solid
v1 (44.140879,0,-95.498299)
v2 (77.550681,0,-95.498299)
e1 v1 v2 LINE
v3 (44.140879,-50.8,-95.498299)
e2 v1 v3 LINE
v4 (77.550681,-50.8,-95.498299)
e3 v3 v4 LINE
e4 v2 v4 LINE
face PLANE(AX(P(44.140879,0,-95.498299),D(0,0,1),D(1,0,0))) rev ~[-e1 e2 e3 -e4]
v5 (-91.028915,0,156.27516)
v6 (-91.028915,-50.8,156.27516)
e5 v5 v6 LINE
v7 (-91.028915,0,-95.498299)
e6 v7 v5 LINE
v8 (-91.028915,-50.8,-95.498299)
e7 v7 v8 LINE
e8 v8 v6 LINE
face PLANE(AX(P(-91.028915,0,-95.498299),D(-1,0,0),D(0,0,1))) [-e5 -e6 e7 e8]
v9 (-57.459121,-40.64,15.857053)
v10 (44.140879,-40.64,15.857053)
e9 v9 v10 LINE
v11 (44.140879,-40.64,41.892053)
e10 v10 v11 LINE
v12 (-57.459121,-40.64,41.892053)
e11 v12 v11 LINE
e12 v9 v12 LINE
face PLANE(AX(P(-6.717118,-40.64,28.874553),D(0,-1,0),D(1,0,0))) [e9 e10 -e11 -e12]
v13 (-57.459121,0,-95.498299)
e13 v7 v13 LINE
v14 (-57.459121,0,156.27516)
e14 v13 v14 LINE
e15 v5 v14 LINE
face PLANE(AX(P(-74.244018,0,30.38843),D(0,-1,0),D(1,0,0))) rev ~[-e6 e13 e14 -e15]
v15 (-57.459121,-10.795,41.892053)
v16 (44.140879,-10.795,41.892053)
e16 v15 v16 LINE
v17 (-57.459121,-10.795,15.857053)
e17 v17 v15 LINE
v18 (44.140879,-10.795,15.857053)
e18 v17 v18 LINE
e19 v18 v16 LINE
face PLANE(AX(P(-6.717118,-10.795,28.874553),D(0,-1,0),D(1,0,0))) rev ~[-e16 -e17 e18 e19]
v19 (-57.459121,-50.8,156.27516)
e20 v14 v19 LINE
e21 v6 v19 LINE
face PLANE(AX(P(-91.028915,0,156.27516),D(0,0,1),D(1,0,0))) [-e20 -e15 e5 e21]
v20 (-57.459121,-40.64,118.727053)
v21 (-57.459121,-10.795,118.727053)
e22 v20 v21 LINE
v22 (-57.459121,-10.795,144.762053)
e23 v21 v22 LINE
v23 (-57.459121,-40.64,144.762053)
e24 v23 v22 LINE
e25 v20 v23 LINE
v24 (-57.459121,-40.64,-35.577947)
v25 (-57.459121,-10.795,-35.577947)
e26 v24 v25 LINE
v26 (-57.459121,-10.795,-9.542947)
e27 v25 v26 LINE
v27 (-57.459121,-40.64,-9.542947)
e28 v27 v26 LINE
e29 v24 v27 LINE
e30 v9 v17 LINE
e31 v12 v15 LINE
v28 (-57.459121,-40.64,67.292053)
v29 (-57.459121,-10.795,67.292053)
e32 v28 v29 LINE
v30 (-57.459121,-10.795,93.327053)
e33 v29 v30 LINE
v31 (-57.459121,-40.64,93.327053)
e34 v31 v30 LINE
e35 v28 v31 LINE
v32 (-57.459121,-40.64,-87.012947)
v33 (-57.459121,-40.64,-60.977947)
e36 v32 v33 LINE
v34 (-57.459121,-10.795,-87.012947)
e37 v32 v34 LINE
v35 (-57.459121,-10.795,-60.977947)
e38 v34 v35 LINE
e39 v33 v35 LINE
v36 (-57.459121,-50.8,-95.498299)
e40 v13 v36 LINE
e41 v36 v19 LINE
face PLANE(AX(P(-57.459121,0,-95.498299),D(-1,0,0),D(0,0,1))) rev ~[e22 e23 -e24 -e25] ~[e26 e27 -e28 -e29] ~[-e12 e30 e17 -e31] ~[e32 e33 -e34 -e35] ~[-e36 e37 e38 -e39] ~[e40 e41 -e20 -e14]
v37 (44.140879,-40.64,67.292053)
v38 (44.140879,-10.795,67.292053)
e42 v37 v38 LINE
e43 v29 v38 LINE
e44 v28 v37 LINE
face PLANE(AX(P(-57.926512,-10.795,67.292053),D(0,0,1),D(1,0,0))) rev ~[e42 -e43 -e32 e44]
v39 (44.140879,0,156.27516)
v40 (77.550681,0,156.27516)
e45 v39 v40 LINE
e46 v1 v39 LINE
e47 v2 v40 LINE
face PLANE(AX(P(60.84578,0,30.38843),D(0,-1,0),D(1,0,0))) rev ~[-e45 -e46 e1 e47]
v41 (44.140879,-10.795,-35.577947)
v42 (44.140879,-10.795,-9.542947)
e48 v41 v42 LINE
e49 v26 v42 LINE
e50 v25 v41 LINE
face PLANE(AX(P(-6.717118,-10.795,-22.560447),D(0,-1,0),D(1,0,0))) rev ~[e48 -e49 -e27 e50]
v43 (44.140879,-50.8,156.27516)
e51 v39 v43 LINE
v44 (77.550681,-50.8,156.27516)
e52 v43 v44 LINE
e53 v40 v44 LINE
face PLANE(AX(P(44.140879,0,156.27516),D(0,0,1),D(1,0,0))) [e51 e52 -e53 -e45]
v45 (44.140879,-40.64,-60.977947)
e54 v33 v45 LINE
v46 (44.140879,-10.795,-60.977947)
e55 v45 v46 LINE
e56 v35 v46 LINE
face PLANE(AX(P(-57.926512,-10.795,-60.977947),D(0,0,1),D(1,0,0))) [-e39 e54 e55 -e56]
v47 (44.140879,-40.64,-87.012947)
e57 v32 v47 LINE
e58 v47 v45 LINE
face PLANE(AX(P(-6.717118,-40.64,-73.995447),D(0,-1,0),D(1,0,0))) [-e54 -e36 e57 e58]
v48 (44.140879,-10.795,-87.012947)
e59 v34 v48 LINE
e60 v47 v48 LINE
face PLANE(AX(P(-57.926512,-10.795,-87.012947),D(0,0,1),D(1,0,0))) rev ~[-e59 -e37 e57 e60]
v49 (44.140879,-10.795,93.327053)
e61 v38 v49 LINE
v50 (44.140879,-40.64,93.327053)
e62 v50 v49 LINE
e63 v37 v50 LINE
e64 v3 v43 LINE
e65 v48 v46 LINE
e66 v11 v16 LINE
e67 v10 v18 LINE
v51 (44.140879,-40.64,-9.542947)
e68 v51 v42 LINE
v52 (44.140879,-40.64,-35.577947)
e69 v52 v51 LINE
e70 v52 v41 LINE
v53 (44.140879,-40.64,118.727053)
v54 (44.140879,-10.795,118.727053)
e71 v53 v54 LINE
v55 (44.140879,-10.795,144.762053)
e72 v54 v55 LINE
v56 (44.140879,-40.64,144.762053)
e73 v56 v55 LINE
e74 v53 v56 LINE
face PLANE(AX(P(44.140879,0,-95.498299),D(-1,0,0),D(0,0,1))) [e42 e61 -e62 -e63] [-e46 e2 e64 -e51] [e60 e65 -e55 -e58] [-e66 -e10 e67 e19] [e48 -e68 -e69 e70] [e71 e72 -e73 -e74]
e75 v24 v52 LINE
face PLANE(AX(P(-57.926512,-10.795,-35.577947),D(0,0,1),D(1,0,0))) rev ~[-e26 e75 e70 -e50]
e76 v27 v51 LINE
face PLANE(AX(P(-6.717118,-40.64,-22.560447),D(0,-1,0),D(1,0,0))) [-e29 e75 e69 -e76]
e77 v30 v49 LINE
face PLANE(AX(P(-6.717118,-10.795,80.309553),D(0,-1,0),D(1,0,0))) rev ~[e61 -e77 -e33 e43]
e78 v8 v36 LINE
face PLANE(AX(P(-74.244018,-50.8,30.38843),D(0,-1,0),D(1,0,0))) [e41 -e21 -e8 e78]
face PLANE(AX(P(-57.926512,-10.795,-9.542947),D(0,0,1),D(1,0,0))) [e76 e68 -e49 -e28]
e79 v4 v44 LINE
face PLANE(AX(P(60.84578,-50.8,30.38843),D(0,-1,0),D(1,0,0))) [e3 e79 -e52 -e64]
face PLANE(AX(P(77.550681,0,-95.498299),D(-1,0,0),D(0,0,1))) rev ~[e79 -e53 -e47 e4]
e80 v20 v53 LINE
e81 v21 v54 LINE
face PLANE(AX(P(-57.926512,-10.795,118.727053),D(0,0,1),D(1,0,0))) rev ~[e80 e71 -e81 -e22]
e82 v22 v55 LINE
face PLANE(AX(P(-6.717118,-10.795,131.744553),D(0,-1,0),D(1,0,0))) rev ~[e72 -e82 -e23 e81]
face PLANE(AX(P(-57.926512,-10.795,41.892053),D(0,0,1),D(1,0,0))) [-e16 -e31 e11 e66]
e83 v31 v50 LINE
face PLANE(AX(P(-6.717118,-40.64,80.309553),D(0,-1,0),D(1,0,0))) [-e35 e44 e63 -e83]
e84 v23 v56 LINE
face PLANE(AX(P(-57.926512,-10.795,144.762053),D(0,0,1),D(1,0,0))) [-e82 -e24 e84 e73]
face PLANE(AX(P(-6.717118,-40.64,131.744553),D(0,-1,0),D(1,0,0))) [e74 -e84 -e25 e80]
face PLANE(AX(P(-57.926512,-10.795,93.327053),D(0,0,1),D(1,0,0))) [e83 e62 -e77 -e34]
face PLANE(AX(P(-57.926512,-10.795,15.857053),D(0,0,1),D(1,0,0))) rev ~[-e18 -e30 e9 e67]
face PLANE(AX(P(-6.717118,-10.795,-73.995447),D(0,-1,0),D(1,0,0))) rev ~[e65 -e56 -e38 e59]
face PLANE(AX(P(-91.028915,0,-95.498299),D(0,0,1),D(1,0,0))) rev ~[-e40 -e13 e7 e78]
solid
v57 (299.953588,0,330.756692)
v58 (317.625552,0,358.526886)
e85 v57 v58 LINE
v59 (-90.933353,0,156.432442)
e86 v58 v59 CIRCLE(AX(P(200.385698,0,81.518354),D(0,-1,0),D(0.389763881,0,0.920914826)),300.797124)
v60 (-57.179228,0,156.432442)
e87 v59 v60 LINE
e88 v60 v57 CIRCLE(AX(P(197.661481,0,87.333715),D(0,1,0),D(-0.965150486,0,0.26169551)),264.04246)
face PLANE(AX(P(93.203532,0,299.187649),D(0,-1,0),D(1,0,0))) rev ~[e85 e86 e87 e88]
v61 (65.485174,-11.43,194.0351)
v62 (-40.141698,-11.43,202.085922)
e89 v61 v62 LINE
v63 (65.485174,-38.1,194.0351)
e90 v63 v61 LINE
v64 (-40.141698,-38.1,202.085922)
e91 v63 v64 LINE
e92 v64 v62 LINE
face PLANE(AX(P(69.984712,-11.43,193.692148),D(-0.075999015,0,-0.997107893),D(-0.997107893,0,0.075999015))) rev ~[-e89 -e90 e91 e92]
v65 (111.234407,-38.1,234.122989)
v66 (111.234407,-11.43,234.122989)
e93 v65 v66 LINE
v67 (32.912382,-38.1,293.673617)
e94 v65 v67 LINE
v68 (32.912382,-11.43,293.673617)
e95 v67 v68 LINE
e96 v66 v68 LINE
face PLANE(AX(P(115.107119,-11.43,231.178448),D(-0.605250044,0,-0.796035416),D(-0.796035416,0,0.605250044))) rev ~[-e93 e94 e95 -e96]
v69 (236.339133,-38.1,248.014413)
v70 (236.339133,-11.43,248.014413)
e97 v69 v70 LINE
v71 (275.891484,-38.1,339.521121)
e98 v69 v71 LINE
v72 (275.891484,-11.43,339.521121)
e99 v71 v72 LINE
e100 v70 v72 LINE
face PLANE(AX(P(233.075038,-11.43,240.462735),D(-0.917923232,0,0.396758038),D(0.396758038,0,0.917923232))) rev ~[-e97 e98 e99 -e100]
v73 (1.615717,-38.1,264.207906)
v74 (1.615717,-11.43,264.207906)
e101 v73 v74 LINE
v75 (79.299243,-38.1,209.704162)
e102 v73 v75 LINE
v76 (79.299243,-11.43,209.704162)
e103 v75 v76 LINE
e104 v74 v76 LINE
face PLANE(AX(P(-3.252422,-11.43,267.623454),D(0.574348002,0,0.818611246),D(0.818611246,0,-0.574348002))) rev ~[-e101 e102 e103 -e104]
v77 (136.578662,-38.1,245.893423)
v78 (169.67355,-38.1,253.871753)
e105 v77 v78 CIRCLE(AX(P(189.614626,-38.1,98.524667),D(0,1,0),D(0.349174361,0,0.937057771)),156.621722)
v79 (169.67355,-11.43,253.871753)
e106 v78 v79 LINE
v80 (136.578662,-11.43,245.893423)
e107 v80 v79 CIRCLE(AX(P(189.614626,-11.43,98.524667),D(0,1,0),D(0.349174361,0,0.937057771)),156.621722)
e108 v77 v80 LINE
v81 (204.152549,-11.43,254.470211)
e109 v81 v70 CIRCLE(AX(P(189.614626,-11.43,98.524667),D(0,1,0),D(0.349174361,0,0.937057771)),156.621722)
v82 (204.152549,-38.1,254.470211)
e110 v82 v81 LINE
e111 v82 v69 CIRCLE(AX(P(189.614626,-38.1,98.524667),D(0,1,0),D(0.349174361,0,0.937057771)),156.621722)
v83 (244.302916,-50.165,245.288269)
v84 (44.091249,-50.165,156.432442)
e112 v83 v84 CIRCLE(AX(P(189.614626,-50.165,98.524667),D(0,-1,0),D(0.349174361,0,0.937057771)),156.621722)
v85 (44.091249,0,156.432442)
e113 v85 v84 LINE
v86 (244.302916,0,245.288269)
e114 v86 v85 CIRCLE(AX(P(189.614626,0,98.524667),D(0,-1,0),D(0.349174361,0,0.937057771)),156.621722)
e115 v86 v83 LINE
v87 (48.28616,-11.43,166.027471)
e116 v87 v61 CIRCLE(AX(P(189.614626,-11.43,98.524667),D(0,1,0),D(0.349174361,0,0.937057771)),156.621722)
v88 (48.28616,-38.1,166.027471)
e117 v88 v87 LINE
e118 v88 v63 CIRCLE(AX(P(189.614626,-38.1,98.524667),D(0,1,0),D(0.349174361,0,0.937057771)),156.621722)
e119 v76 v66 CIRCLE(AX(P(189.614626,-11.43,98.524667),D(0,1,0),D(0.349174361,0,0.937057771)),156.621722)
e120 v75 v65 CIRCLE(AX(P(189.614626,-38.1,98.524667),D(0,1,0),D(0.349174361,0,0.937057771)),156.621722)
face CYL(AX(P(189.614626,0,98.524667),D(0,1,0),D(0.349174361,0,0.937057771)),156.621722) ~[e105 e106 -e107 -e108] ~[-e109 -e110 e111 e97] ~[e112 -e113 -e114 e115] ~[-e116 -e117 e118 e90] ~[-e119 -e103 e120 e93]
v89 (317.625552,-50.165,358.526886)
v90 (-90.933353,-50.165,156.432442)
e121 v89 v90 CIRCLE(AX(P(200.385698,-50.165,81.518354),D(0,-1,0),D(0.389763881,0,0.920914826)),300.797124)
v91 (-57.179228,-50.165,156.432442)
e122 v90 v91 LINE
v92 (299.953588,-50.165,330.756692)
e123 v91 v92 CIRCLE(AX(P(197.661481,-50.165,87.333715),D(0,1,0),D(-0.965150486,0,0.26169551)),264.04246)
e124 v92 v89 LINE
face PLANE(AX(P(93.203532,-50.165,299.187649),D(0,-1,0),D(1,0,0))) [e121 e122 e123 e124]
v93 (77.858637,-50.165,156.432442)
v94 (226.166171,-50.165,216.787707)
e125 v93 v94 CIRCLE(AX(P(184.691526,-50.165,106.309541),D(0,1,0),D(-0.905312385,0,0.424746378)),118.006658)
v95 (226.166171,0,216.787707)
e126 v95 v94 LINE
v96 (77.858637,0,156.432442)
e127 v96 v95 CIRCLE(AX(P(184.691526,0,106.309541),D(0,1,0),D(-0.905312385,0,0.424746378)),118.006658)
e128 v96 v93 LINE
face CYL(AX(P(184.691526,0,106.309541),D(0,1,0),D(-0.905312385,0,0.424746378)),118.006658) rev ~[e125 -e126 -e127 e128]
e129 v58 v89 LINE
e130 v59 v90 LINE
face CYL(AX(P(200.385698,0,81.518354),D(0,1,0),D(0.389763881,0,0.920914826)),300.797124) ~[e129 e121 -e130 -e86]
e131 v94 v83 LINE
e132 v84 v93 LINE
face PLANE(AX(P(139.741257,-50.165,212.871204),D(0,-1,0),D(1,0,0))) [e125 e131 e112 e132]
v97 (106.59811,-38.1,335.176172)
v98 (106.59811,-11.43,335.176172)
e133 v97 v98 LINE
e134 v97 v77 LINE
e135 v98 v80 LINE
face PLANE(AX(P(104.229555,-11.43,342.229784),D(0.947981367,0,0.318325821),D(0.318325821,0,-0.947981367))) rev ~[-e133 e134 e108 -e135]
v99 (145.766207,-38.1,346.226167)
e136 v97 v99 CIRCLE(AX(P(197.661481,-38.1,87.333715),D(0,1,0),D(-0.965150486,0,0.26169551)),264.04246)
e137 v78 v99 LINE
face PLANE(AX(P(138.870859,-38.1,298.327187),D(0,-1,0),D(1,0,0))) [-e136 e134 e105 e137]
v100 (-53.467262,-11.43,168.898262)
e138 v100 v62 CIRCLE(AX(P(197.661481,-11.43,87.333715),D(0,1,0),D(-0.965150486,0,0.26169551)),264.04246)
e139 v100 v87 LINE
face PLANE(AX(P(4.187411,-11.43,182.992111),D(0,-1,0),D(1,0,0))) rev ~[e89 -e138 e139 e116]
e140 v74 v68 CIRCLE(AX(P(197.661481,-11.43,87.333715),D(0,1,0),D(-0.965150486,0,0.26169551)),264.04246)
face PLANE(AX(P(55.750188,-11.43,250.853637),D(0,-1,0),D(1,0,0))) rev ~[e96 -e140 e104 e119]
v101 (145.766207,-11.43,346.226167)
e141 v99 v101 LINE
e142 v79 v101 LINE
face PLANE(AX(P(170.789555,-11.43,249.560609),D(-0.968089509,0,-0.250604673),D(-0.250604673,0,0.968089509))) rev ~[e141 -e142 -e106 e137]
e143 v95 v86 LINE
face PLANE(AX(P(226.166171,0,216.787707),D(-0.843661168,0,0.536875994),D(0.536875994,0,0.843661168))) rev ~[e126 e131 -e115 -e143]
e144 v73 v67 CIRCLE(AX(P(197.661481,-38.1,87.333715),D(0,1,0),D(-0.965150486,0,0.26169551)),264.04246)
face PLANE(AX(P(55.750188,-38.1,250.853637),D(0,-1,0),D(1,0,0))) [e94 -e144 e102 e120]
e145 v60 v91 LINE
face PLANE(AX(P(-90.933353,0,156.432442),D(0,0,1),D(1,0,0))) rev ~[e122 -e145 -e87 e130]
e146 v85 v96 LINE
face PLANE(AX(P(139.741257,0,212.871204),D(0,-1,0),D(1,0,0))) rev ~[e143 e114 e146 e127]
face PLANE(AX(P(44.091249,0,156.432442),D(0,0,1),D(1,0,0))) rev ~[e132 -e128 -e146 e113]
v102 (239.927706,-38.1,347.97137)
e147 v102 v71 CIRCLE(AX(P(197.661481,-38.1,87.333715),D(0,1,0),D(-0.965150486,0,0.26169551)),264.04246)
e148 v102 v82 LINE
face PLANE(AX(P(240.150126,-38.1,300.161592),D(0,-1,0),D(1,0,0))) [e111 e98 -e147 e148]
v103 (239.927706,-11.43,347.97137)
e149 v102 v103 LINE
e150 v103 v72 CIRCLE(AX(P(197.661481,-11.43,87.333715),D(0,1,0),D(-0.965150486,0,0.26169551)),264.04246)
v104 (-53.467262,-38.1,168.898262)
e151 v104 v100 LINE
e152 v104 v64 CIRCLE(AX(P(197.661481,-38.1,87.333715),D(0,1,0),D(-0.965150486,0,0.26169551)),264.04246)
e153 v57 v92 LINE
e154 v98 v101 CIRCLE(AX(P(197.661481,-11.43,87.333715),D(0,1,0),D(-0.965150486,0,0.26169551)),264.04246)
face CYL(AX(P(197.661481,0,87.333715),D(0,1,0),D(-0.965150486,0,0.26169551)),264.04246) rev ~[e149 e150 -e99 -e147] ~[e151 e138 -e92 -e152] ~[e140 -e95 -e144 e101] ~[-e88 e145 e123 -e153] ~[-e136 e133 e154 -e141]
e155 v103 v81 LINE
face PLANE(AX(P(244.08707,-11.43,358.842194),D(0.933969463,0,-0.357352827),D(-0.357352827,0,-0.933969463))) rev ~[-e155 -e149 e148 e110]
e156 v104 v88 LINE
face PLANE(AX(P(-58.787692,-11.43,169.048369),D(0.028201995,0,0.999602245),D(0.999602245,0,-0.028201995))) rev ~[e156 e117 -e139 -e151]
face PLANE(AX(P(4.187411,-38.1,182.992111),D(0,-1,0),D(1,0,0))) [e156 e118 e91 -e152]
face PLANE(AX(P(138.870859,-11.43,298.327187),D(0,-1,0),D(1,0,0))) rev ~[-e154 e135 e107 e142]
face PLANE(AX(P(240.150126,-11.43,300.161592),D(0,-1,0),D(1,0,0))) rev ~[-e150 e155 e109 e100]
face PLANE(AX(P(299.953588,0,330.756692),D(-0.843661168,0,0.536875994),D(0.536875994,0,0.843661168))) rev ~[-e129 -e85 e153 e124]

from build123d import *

# Parameters (mm, degrees)
F0_W      = 33.569794488
F0_H      = 251.7734586603
F1_DEPTH  = 50.8
F0_W_2    = 33.4098020662
F3_START  = 10.795
F2_W      = 102.4187883054
F2_H      = 26.035
F3_DEPTH  = 29.845
F11_DEPTH = 50.165
F13_START = 11.43
F13_DEPTH = 26.67


with BuildPart() as f1:
    # F0 (on Front) → F1 (new body)
    with BuildSketch(Plane.XZ):
        with Locations((-74.2440178493, 30.3884302496)):
            Rectangle(F0_W, F0_H)
    extrude(amount=F1_DEPTH)



with BuildPart() as f1b:
    # F0 (on Front) → F1, piece 2 (new body)
    with BuildSketch(Plane.XZ):
        with Locations((60.8457804278, 30.3884302496)):
            Rectangle(F0_W_2, F0_H)
    extrude(amount=F1_DEPTH)


with BuildPart() as f1_1:
    add(f1.part)

    add(f1b.part)  # F3 merges F1b
    # F2 (on Front) → F3 (join)
    with BuildSketch(Plane.XZ.offset(F3_START)):
        with Locations((-6.7171175033, -73.99544688)):
            Rectangle(F2_W, F2_H)
        with Locations((-6.7171175033, -22.56044688)):
            Rectangle(F2_W, F2_H)
        with Locations((-6.7171175033, 28.87455312)):
            Rectangle(F2_W, F2_H)
        with Locations((-6.7171175033, 80.30955312)):
            Rectangle(F2_W, F2_H)
        with Locations((-6.7171175033, 131.74455312)):
            Rectangle(F2_W, F2_H)
    extrude(amount=F3_DEPTH)


with BuildPart() as f4_1:
    # F4: instance of F1
    add(f1_1.part.mirror(Plane.YZ))


with BuildPart() as f5_1:
    # F5: instance of F1
    add(f1_1.part.mirror(Plane.XY))


with BuildPart() as f6_1:
    # F6: instance of F1
    add(f1_1.part.mirror(Plane.YZ))


with BuildPart() as f11:
    # F10 (on Front) → F11 (new body)
    with BuildSketch(Plane.XZ):
        with BuildLine():
            ThreePointArc((317.6255524159, 358.5268855095), (67.0199126253, 351.1337788217), (-90.9333527046, 156.4324416589))
            Line((-90.9333527046, 156.4324416589), (-57.1792276366, 156.4324416589))
            ThreePointArc((-57.1792276366, 156.4324416589), (81.8383182172, 324.6171235077), (299.9535881048, 330.756692356))
            Line((299.9535881048, 330.756692356), (317.6255524159, 358.5268855095))
        make_face()
    extrude(amount=F11_DEPTH)



with BuildPart() as f11b:
    # F10 (on Front) → F11, piece 2 (new body)
    with BuildSketch(Plane.XZ):
        with BuildLine():
            ThreePointArc((244.3029156162, 245.288268658), (126.0804399644, 241.6811233498), (44.0912485032, 156.4324416589))
            Line((44.0912485032, 156.4324416589), (77.8586367032, 156.4324416589))
            ThreePointArc((77.8586367032, 156.4324416589), (140.2099056023, 215.611676515), (226.1661707819, 216.7877070703))
            Line((226.1661707819, 216.7877070703), (244.3029156162, 245.288268658))
        make_face()
    extrude(amount=F11_DEPTH)


with BuildPart() as f11_1:
    add(f11.part)

    add(f11b.part)  # F13 merges F11b
    # F12 (on Front) → F13 (join)
    with BuildSketch(Plane.XZ.offset(F13_START)):
        with BuildLine():
            ThreePointArc((-43.8625849783, 202.3695260286), (-52.5242259082, 186.2460388504), (-58.7876923382, 169.0483689308))
            Line((-58.7876923382, 169.0483689308), (51.9357509911, 165.9245043993))
            ThreePointArc((51.9357509911, 165.9245043993), (61.3690280728, 179.5426083047), (69.9847117066, 193.6921477318))
            Line((69.9847117066, 193.6921477318), (-43.8625849783, 202.3695260286))
        make_face()
        with BuildLine():
            ThreePointArc((31.1100240797, 295.0440049171), (11.4700754124, 284.414915763), (-3.2524224371, 267.6234543324))
            Line((-3.2524224371, 267.6234543324), (82.8272476792, 207.2288691998))
            ThreePointArc((82.8272476792, 207.2288691998), (100.3836801831, 217.294466773), (115.1071190834, 231.1784476042))
            Line((115.1071190834, 231.1784476042), (31.1100240797, 295.0440049171))
        make_face()
        with BuildLine():
            ThreePointArc((143.9449191093, 353.2618284225), (123.4307079656, 350.1093100381), (104.229554534, 342.229783535))
            Line((104.229554534, 342.229783535), (137.6934200525, 242.5736486912))
            ThreePointArc((137.6934200525, 242.5736486912), (154.6414460699, 244.1725876619), (170.7895547152, 249.5606094599))
            Line((170.7895547152, 249.5606094599), (143.9449191093, 353.2618284225))
        make_face()
        with BuildLine():
            Line((233.0750375986, 240.4627352953), (279.4829308987, 347.8301465511))
            ThreePointArc((279.4829308987, 347.8301465511), (262.2436602761, 354.8104334145), (244.0870702267, 358.8421940804))
            Line((244.0870702267, 358.8421940804), (202.4147510529, 249.9283403158))
            ThreePointArc((202.4147510529, 249.9283403158), (217.2981445962, 243.748459178), (233.0750375986, 240.4627352953))
        make_face()
    extrude(amount=F13_DEPTH)


solid = Compound([f1_1.part, f11_1.part])
